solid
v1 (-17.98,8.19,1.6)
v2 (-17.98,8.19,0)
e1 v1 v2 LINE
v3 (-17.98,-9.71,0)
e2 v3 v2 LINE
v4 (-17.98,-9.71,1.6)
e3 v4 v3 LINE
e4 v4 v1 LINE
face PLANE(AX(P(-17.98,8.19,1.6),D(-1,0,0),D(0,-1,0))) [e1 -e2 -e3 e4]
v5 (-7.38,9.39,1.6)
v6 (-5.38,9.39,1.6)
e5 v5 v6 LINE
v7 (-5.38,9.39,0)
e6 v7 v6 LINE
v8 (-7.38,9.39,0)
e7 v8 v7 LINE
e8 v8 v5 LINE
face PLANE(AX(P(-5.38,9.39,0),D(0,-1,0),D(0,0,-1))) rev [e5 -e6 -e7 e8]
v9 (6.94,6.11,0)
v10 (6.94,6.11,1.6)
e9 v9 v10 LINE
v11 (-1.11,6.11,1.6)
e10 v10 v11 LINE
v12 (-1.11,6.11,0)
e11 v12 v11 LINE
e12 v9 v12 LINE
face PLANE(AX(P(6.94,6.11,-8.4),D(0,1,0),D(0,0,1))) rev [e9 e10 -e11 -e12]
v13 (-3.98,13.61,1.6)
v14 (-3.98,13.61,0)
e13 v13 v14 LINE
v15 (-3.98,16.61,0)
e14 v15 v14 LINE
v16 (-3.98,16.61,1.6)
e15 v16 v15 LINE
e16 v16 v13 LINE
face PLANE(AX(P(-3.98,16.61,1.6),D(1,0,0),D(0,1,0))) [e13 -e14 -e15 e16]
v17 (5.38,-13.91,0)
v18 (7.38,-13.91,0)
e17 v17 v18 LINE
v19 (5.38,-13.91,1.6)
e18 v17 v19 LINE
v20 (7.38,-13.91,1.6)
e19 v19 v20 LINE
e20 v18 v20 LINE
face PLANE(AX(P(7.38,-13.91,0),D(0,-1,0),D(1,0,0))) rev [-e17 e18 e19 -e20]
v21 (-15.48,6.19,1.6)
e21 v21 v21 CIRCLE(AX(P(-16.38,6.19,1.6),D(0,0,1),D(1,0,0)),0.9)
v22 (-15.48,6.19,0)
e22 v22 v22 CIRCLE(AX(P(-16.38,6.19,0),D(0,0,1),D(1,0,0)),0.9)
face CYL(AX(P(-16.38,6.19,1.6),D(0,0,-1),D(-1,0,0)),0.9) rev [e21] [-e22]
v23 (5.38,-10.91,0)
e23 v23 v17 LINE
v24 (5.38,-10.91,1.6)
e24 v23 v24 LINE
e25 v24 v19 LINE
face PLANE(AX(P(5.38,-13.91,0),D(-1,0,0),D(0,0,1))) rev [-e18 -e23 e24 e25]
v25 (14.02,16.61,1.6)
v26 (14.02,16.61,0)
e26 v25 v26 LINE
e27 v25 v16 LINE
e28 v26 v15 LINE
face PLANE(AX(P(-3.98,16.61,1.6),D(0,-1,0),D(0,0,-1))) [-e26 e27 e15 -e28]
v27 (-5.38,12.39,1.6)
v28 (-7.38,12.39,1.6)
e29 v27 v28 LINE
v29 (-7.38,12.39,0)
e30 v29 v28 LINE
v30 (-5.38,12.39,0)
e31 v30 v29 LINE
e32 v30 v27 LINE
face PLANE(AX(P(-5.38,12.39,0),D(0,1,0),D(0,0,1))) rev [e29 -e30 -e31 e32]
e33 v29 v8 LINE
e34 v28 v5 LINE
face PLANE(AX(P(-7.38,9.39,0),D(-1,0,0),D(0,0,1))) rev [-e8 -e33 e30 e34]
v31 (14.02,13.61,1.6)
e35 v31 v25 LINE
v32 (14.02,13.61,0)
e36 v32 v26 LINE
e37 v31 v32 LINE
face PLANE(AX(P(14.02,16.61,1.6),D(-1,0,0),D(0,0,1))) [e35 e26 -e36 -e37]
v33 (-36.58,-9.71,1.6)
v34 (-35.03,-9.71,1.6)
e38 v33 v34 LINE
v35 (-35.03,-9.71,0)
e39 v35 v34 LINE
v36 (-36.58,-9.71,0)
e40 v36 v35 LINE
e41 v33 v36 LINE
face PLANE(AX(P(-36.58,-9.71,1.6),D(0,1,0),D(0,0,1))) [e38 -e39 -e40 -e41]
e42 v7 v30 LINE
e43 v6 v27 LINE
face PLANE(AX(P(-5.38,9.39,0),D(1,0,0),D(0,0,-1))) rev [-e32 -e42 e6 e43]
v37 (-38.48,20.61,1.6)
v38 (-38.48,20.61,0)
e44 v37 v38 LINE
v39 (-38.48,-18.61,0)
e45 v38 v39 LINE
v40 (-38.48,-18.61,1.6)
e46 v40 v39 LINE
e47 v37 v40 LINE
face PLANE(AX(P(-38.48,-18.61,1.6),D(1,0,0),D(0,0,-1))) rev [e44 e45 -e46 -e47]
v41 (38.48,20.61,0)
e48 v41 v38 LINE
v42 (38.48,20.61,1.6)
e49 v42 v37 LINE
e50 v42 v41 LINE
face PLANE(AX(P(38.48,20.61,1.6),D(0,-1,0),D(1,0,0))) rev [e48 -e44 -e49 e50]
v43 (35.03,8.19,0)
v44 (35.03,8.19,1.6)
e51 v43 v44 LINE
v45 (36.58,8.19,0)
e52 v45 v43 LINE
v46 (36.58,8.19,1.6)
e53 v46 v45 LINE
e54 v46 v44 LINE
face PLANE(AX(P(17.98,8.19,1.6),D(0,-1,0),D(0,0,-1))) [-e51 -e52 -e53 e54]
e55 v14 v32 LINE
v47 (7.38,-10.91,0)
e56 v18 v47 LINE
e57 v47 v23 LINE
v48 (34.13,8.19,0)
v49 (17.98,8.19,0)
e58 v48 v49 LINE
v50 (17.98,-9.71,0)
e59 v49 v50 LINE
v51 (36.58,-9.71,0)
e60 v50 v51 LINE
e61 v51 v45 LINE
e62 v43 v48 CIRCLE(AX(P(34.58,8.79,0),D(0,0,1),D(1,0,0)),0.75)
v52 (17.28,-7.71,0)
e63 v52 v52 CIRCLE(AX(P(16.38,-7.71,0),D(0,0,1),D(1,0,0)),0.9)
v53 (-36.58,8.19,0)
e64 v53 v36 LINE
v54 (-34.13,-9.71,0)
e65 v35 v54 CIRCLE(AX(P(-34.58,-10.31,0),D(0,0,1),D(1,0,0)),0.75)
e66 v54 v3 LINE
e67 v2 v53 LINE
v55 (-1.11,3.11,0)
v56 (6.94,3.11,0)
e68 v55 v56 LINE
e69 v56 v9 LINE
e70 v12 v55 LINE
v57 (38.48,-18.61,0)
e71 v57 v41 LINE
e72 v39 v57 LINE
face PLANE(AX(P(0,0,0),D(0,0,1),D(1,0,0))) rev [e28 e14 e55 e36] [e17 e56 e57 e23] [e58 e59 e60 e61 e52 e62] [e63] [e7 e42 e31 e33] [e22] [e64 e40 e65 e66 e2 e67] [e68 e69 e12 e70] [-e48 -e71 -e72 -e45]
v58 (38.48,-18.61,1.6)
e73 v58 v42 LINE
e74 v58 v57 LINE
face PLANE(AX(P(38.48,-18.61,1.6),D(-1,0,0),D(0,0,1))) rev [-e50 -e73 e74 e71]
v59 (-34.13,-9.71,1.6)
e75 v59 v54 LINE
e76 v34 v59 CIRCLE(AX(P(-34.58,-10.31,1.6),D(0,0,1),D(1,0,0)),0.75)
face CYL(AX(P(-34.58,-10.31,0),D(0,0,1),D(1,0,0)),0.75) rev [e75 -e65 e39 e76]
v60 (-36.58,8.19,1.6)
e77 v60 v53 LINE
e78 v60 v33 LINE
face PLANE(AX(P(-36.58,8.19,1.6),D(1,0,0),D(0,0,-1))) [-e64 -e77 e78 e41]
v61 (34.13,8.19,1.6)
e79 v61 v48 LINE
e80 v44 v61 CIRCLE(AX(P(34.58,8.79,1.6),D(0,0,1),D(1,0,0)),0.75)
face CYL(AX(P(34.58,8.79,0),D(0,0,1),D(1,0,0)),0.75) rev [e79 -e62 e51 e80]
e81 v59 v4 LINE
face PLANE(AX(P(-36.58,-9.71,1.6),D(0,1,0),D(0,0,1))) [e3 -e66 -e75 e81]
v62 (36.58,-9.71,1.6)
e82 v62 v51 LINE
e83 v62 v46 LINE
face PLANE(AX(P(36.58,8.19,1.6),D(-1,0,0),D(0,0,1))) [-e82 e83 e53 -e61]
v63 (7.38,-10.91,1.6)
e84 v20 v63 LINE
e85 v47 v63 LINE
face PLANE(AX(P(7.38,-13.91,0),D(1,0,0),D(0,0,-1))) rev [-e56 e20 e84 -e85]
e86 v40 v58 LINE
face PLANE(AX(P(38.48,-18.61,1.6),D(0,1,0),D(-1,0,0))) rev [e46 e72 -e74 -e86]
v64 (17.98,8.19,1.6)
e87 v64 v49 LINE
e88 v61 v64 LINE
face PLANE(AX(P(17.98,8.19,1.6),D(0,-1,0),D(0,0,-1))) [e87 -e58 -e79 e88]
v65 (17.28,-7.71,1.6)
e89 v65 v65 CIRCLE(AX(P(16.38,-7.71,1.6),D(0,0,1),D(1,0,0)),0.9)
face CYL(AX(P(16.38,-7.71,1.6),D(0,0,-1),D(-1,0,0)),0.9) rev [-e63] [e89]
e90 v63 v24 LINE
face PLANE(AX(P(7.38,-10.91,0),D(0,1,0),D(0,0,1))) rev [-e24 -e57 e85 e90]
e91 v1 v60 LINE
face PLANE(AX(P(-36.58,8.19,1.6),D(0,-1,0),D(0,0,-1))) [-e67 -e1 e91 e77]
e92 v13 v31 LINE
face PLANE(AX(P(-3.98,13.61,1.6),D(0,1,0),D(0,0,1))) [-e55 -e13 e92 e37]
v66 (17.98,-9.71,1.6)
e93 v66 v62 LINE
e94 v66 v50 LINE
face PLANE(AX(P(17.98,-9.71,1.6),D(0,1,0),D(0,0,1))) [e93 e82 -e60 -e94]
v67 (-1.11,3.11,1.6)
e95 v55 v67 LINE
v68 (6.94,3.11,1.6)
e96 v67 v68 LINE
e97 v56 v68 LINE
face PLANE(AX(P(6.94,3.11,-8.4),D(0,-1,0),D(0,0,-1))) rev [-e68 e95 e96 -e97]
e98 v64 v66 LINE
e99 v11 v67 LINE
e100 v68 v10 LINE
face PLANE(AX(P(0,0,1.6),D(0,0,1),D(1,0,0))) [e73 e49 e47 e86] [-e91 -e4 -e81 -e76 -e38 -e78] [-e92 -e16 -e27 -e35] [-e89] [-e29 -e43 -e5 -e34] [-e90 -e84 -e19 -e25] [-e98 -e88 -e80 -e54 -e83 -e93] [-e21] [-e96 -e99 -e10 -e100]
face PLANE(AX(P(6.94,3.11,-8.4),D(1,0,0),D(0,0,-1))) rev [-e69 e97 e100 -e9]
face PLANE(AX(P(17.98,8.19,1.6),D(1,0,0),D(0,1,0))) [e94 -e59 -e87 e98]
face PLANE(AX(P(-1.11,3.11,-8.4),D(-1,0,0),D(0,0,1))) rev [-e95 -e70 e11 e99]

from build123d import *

# Parameters (mm, degrees)
SKETCH_1_W          = 76.96
SKETCH_1_H          = 39.22
SKETCH_1_R          = 0.9
SKETCH_1_W_2        = 18
SKETCH_1_H_2        = 3
SKETCH_1_W_3        = 18.6
SKETCH_1_H_3        = 17.9
EXTRUDE_1_DEPTH     = 1.6
SKETCH_2_R          = 0.75
CUT_EXTRUDE_1_DEPTH = 1.6
SKETCH_3_W          = 2
SKETCH_3_H          = 3
CUT_EXTRUDE_2_DEPTH = 1.6
SKETCH_5_W          = 8.05
SKETCH_5_H          = 3
CUT_EXTRUDE_3_DEPTH = 10


with BuildPart() as part:
    # 草图1 → 凸台-拉伸1 (new body)
    with BuildSketch(Plane.XY):
        with Locations((0, 1)):
            Rectangle(SKETCH_1_W, SKETCH_1_H)
        with Locations((-16.38, 6.19)):
            Circle(SKETCH_1_R, mode=Mode.SUBTRACT)
        with Locations((16.38, -7.71)):
            Circle(SKETCH_1_R, mode=Mode.SUBTRACT)
        with Locations((5.02, 15.11)):
            Rectangle(SKETCH_1_W_2, SKETCH_1_H_2, mode=Mode.SUBTRACT)
        with Locations((-27.28, -0.76)):
            Rectangle(SKETCH_1_W_3, SKETCH_1_H_3, mode=Mode.SUBTRACT)
        with Locations((27.28, -0.76)):
            Rectangle(SKETCH_1_W_3, SKETCH_1_H_3, mode=Mode.SUBTRACT)
    extrude(amount=EXTRUDE_1_DEPTH)

    # 草图2 → 切除-拉伸1 (cut)
    with BuildSketch(Plane.XY.offset(1.6)):
        with Locations((34.58, 8.79)):
            Circle(SKETCH_2_R)
        with Locations((-34.58, -10.31)):
            Circle(SKETCH_2_R)
    extrude(amount=-CUT_EXTRUDE_1_DEPTH, mode=Mode.SUBTRACT)

    # 草图3 → 切除-拉伸2 (cut)
    with BuildSketch(Plane.XY.offset(1.6)):
        with Locations((6.38, -12.41)):
            Rectangle(SKETCH_3_W, SKETCH_3_H)
        with Locations((-6.38, 10.89)):
            Rectangle(SKETCH_3_W, SKETCH_3_H)
    extrude(amount=-CUT_EXTRUDE_2_DEPTH, mode=Mode.SUBTRACT)

    # 草图5 → 切除-拉伸3 (cut)
    with BuildSketch(Plane.XY.offset(1.6)):
        with Locations((2.915, 4.61)):
            Rectangle(SKETCH_5_W, SKETCH_5_H)
    extrude(amount=-CUT_EXTRUDE_3_DEPTH, mode=Mode.SUBTRACT)


solid = part.part
